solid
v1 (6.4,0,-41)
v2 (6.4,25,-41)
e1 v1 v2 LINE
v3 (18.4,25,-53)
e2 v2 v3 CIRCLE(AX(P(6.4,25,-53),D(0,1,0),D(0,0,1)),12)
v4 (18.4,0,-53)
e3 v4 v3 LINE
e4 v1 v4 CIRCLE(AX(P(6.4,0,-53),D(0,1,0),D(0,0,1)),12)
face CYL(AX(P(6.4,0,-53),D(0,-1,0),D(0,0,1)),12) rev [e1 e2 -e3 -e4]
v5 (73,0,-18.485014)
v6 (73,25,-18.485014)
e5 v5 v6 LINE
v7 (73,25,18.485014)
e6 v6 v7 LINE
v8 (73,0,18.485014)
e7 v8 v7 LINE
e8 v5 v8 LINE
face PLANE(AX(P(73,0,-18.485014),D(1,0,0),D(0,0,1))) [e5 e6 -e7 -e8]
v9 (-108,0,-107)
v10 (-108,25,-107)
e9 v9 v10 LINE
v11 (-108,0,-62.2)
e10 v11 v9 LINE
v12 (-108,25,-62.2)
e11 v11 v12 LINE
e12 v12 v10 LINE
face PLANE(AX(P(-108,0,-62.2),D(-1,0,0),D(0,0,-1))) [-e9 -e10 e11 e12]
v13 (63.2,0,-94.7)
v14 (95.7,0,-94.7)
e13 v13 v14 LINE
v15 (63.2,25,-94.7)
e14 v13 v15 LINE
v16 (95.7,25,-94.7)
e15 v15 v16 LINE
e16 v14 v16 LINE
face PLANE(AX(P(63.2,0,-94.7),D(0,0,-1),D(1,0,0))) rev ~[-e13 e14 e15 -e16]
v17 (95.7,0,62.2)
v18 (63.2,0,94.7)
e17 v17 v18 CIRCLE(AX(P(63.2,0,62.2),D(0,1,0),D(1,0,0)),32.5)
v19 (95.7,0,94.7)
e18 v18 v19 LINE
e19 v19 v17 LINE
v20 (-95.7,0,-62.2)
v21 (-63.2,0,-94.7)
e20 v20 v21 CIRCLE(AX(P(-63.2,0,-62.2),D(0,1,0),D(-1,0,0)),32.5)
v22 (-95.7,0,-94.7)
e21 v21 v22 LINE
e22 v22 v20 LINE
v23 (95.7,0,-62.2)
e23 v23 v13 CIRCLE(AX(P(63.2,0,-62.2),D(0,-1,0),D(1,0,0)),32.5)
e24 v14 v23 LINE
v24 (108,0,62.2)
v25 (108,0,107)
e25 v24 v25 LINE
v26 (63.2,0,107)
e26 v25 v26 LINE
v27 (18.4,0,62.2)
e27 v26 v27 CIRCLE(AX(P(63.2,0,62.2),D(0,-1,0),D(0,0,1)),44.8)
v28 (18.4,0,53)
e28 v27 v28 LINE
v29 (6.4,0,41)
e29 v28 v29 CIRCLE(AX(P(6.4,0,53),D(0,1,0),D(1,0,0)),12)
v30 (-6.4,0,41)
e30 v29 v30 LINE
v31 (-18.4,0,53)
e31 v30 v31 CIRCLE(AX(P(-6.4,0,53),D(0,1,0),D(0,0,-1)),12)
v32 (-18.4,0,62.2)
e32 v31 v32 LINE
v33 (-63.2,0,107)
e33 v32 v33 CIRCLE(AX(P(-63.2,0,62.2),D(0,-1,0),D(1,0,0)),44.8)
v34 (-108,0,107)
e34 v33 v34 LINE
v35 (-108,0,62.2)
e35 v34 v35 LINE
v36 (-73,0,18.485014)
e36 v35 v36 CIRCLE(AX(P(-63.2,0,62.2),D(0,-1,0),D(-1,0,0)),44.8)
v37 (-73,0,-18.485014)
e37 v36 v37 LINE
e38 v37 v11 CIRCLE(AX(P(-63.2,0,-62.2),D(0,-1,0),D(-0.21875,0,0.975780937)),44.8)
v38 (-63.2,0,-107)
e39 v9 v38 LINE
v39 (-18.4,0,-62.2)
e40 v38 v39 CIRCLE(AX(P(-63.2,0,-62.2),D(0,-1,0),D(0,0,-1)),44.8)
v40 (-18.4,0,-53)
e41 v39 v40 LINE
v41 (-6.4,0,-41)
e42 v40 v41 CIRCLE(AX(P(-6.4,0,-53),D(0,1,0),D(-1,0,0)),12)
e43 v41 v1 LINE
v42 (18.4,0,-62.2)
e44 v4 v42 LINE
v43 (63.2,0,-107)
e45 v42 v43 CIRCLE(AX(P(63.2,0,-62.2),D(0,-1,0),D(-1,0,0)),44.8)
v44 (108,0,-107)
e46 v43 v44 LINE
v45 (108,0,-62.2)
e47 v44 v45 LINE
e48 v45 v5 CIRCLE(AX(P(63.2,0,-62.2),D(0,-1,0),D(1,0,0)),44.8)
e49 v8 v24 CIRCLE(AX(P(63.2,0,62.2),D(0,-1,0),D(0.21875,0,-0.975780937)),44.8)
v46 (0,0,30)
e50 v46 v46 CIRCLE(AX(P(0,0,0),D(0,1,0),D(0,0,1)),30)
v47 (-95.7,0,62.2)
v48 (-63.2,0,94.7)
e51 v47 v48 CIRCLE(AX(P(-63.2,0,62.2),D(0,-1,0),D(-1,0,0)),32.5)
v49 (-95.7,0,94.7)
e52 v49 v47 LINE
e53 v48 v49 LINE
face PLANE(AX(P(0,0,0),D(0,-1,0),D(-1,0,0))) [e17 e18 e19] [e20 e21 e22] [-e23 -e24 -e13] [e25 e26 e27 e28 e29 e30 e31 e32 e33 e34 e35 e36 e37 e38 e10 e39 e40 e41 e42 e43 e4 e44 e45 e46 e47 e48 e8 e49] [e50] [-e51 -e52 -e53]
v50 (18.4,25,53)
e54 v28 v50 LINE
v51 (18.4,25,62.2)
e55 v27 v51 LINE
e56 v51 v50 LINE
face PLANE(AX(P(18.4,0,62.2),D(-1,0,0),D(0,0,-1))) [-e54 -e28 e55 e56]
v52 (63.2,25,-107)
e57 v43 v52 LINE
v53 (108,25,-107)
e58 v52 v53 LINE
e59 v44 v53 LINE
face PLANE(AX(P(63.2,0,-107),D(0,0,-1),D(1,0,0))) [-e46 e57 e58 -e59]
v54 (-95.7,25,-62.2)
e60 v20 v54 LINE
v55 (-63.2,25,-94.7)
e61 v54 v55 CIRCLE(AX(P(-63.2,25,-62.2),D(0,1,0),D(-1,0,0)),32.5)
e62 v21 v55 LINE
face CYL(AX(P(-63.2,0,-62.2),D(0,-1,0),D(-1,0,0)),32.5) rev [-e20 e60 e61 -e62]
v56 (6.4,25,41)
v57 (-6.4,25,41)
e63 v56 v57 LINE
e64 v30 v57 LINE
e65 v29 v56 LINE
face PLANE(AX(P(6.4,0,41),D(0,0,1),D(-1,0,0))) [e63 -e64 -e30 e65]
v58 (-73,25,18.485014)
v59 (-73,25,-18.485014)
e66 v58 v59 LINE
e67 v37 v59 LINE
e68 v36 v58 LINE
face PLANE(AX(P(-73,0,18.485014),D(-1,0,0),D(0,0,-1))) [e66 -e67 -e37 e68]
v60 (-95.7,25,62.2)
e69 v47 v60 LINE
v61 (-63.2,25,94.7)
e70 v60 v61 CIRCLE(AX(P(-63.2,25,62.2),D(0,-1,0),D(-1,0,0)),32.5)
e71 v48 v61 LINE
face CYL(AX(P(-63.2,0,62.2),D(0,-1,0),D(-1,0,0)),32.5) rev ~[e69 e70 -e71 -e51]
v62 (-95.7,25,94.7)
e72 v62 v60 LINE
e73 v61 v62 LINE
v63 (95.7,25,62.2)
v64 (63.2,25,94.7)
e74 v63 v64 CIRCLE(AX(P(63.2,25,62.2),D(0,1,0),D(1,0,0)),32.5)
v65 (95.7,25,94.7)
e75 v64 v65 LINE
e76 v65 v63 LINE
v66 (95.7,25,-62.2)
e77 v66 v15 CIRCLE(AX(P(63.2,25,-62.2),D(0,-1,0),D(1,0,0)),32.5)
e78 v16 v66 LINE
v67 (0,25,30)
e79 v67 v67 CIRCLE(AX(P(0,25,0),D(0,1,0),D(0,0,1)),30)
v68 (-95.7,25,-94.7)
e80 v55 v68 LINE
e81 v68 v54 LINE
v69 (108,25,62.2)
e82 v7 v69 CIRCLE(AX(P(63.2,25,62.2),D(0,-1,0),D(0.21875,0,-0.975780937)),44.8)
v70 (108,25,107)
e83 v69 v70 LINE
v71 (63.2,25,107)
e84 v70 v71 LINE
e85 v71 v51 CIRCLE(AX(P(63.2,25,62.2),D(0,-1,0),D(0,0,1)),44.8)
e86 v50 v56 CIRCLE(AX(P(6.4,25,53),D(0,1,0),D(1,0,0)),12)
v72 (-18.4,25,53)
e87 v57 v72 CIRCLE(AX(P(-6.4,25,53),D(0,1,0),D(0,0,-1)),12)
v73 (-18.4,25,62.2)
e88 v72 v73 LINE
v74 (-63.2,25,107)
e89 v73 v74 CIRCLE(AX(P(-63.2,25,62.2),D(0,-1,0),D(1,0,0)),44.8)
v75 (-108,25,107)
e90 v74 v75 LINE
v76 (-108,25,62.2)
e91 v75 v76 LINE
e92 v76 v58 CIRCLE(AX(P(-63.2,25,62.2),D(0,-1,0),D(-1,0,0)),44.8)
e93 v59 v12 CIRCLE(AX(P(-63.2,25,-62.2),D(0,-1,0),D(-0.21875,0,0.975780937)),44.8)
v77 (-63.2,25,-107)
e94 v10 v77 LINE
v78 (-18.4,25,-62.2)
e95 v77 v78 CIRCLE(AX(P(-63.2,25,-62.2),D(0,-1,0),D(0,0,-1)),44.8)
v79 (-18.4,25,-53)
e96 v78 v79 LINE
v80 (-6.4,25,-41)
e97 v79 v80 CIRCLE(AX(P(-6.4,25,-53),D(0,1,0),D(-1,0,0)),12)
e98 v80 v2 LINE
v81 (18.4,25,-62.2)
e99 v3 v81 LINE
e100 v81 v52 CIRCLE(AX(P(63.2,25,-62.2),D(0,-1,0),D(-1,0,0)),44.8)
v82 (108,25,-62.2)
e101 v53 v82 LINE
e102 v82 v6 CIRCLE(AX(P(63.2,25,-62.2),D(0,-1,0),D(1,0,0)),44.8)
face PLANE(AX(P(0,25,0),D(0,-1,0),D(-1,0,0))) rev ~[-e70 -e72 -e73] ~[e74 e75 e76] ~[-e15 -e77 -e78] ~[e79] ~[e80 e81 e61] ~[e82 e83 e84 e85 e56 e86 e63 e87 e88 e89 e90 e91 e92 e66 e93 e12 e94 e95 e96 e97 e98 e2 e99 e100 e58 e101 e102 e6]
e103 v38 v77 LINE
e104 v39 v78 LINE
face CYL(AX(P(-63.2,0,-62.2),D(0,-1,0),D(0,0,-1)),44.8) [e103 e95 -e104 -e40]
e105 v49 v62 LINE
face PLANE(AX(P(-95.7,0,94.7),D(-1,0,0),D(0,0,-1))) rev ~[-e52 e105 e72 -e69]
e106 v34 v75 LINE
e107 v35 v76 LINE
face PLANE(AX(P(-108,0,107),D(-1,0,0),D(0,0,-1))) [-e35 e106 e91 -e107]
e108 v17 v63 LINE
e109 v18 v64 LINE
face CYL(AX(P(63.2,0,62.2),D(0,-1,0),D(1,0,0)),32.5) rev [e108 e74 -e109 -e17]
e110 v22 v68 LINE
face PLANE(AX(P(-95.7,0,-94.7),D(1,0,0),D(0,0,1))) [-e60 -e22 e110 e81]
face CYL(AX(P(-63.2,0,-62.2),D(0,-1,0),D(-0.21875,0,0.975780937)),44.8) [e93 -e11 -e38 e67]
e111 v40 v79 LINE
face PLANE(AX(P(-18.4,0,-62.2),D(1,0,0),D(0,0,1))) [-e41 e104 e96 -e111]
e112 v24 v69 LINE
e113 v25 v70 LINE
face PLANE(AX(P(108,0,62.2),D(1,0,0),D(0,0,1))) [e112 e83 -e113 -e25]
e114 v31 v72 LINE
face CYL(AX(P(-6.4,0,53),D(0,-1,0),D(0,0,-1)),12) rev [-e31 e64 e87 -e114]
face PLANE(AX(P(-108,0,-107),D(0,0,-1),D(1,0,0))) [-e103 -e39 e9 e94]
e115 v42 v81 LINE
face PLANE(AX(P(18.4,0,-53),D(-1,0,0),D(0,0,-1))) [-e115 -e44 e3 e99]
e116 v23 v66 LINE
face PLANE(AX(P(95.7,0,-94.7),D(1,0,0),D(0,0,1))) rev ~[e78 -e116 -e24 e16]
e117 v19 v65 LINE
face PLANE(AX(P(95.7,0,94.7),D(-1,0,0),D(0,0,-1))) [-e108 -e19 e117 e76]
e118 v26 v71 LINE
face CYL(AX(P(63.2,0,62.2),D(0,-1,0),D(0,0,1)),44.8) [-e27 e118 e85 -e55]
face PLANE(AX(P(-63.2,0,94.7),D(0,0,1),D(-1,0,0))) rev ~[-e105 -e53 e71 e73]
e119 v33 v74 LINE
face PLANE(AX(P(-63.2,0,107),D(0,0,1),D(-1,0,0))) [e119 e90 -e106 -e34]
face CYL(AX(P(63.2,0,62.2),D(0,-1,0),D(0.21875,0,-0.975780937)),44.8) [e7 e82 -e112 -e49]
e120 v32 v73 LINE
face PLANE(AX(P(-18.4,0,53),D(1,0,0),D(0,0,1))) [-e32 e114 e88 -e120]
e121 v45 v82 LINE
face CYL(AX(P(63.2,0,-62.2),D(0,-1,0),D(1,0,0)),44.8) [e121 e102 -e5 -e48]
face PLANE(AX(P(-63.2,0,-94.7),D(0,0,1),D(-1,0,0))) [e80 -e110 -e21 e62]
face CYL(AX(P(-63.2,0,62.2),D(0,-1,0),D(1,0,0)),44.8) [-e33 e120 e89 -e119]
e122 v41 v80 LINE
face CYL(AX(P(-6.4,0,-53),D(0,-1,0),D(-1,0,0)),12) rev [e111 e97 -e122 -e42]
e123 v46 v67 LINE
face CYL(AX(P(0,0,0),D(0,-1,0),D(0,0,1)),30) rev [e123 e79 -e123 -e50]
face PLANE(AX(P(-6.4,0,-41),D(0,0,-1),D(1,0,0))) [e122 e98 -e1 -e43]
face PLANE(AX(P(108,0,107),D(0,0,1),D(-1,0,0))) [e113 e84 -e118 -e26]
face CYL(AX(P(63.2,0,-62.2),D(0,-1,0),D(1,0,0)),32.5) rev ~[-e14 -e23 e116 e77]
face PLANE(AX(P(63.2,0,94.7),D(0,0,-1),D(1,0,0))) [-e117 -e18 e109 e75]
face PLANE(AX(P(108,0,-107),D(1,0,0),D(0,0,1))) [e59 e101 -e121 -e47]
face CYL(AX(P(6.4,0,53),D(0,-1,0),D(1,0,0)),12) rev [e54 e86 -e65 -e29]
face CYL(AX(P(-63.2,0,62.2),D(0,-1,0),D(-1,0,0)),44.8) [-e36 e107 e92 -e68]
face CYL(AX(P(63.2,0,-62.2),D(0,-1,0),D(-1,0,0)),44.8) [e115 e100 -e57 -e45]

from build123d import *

# Parameters (mm, degrees)
SKETCH1_R           = 30
BOSS_EXTRUDE1_DEPTH = 25


with BuildPart() as part:
    # Sketch1 → Boss-Extrude1 (new body)
    with BuildSketch(Plane(origin=(0, 0, 0), x_dir=(1, 0, 0), z_dir=(0, 1, 0))):
        with BuildLine():
            Line((-108, 107), (-63.2, 107))
            ThreePointArc((-63.2, 107), (-31.521616203, 93.878383797), (-18.4, 62.2))
            Line((-18.4, 62.2), (-18.4, 53))
            ThreePointArc((-18.4, 53), (-14.885281374, 44.514718626), (-6.4, 41))
            Line((-6.4, 41), (0, 41))
            Line((0, 41), (6.4, 41))
            ThreePointArc((6.4, 41), (14.885281374, 44.514718626), (18.4, 53))
            Line((18.4, 53), (18.4, 62.2))
            ThreePointArc((18.4, 62.2), (31.521616203, 93.878383797), (63.2, 107))
            Line((63.2, 107), (108, 107))
            Line((108, 107), (108, 62.2))
            ThreePointArc((108, 62.2), (98.171988791, 34.2), (73, 18.485014011))
            Line((73, 18.485014011), (73, -18.485014011))
            ThreePointArc((73, -18.485014011), (98.171988791, -34.2), (108, -62.2))
            Line((108, -62.2), (108, -107))
            Line((108, -107), (63.2, -107))
            ThreePointArc((63.2, -107), (31.521616203, -93.878383797), (18.4, -62.2))
            Line((18.4, -62.2), (18.4, -53))
            ThreePointArc((18.4, -53), (14.885281374, -44.514718626), (6.4, -41))
            Line((6.4, -41), (0, -41))
            Line((0, -41), (-6.4, -41))
            ThreePointArc((-6.4, -41), (-14.885281374, -44.514718626), (-18.4, -53))
            Line((-18.4, -53), (-18.4, -62.2))
            ThreePointArc((-18.4, -62.2), (-31.521616203, -93.878383797), (-63.2, -107))
            Line((-63.2, -107), (-108, -107))
            Line((-108, -107), (-108, -62.2))
            ThreePointArc((-108, -62.2), (-98.171988791, -34.2), (-73, -18.485014011))
            Line((-73, -18.485014011), (-73, 18.485014011))
            ThreePointArc((-73, 18.485014011), (-98.171988791, 34.2), (-108, 62.2))
            Line((-108, 62.2), (-108, 107))
        make_face()
        with Locations(Location((0, 0, 0), (0, 0, 270))):
            Circle(SKETCH1_R, mode=Mode.SUBTRACT)
        with BuildLine():
            Line((-63.2, 94.7), (-95.7, 94.7))
            Line((-95.7, 94.7), (-95.7, 62.2))
            ThreePointArc((-95.7, 62.2), (-40.219029611, 39.219029611), (-63.2, 94.7))
        make_face(mode=Mode.SUBTRACT)
        with BuildLine():
            Line((-63.2, -94.7), (-95.7, -94.7))
            Line((-95.7, -94.7), (-95.7, -62.2))
            ThreePointArc((-95.7, -62.2), (-40.219029611, -39.219029611), (-63.2, -94.7))
        make_face(mode=Mode.SUBTRACT)
        with BuildLine():
            Line((63.2, -94.7), (95.7, -94.7))
            Line((95.7, -94.7), (95.7, -62.2))
            ThreePointArc((95.7, -62.2), (40.219029611, -39.219029611), (63.2, -94.7))
        make_face(mode=Mode.SUBTRACT)
        with BuildLine():
            Line((63.2, 94.7), (95.7, 94.7))
            Line((95.7, 94.7), (95.7, 62.2))
            ThreePointArc((95.7, 62.2), (40.219029611, 39.219029611), (63.2, 94.7))
        make_face(mode=Mode.SUBTRACT)
    extrude(amount=BOSS_EXTRUDE1_DEPTH)


solid = part.part
